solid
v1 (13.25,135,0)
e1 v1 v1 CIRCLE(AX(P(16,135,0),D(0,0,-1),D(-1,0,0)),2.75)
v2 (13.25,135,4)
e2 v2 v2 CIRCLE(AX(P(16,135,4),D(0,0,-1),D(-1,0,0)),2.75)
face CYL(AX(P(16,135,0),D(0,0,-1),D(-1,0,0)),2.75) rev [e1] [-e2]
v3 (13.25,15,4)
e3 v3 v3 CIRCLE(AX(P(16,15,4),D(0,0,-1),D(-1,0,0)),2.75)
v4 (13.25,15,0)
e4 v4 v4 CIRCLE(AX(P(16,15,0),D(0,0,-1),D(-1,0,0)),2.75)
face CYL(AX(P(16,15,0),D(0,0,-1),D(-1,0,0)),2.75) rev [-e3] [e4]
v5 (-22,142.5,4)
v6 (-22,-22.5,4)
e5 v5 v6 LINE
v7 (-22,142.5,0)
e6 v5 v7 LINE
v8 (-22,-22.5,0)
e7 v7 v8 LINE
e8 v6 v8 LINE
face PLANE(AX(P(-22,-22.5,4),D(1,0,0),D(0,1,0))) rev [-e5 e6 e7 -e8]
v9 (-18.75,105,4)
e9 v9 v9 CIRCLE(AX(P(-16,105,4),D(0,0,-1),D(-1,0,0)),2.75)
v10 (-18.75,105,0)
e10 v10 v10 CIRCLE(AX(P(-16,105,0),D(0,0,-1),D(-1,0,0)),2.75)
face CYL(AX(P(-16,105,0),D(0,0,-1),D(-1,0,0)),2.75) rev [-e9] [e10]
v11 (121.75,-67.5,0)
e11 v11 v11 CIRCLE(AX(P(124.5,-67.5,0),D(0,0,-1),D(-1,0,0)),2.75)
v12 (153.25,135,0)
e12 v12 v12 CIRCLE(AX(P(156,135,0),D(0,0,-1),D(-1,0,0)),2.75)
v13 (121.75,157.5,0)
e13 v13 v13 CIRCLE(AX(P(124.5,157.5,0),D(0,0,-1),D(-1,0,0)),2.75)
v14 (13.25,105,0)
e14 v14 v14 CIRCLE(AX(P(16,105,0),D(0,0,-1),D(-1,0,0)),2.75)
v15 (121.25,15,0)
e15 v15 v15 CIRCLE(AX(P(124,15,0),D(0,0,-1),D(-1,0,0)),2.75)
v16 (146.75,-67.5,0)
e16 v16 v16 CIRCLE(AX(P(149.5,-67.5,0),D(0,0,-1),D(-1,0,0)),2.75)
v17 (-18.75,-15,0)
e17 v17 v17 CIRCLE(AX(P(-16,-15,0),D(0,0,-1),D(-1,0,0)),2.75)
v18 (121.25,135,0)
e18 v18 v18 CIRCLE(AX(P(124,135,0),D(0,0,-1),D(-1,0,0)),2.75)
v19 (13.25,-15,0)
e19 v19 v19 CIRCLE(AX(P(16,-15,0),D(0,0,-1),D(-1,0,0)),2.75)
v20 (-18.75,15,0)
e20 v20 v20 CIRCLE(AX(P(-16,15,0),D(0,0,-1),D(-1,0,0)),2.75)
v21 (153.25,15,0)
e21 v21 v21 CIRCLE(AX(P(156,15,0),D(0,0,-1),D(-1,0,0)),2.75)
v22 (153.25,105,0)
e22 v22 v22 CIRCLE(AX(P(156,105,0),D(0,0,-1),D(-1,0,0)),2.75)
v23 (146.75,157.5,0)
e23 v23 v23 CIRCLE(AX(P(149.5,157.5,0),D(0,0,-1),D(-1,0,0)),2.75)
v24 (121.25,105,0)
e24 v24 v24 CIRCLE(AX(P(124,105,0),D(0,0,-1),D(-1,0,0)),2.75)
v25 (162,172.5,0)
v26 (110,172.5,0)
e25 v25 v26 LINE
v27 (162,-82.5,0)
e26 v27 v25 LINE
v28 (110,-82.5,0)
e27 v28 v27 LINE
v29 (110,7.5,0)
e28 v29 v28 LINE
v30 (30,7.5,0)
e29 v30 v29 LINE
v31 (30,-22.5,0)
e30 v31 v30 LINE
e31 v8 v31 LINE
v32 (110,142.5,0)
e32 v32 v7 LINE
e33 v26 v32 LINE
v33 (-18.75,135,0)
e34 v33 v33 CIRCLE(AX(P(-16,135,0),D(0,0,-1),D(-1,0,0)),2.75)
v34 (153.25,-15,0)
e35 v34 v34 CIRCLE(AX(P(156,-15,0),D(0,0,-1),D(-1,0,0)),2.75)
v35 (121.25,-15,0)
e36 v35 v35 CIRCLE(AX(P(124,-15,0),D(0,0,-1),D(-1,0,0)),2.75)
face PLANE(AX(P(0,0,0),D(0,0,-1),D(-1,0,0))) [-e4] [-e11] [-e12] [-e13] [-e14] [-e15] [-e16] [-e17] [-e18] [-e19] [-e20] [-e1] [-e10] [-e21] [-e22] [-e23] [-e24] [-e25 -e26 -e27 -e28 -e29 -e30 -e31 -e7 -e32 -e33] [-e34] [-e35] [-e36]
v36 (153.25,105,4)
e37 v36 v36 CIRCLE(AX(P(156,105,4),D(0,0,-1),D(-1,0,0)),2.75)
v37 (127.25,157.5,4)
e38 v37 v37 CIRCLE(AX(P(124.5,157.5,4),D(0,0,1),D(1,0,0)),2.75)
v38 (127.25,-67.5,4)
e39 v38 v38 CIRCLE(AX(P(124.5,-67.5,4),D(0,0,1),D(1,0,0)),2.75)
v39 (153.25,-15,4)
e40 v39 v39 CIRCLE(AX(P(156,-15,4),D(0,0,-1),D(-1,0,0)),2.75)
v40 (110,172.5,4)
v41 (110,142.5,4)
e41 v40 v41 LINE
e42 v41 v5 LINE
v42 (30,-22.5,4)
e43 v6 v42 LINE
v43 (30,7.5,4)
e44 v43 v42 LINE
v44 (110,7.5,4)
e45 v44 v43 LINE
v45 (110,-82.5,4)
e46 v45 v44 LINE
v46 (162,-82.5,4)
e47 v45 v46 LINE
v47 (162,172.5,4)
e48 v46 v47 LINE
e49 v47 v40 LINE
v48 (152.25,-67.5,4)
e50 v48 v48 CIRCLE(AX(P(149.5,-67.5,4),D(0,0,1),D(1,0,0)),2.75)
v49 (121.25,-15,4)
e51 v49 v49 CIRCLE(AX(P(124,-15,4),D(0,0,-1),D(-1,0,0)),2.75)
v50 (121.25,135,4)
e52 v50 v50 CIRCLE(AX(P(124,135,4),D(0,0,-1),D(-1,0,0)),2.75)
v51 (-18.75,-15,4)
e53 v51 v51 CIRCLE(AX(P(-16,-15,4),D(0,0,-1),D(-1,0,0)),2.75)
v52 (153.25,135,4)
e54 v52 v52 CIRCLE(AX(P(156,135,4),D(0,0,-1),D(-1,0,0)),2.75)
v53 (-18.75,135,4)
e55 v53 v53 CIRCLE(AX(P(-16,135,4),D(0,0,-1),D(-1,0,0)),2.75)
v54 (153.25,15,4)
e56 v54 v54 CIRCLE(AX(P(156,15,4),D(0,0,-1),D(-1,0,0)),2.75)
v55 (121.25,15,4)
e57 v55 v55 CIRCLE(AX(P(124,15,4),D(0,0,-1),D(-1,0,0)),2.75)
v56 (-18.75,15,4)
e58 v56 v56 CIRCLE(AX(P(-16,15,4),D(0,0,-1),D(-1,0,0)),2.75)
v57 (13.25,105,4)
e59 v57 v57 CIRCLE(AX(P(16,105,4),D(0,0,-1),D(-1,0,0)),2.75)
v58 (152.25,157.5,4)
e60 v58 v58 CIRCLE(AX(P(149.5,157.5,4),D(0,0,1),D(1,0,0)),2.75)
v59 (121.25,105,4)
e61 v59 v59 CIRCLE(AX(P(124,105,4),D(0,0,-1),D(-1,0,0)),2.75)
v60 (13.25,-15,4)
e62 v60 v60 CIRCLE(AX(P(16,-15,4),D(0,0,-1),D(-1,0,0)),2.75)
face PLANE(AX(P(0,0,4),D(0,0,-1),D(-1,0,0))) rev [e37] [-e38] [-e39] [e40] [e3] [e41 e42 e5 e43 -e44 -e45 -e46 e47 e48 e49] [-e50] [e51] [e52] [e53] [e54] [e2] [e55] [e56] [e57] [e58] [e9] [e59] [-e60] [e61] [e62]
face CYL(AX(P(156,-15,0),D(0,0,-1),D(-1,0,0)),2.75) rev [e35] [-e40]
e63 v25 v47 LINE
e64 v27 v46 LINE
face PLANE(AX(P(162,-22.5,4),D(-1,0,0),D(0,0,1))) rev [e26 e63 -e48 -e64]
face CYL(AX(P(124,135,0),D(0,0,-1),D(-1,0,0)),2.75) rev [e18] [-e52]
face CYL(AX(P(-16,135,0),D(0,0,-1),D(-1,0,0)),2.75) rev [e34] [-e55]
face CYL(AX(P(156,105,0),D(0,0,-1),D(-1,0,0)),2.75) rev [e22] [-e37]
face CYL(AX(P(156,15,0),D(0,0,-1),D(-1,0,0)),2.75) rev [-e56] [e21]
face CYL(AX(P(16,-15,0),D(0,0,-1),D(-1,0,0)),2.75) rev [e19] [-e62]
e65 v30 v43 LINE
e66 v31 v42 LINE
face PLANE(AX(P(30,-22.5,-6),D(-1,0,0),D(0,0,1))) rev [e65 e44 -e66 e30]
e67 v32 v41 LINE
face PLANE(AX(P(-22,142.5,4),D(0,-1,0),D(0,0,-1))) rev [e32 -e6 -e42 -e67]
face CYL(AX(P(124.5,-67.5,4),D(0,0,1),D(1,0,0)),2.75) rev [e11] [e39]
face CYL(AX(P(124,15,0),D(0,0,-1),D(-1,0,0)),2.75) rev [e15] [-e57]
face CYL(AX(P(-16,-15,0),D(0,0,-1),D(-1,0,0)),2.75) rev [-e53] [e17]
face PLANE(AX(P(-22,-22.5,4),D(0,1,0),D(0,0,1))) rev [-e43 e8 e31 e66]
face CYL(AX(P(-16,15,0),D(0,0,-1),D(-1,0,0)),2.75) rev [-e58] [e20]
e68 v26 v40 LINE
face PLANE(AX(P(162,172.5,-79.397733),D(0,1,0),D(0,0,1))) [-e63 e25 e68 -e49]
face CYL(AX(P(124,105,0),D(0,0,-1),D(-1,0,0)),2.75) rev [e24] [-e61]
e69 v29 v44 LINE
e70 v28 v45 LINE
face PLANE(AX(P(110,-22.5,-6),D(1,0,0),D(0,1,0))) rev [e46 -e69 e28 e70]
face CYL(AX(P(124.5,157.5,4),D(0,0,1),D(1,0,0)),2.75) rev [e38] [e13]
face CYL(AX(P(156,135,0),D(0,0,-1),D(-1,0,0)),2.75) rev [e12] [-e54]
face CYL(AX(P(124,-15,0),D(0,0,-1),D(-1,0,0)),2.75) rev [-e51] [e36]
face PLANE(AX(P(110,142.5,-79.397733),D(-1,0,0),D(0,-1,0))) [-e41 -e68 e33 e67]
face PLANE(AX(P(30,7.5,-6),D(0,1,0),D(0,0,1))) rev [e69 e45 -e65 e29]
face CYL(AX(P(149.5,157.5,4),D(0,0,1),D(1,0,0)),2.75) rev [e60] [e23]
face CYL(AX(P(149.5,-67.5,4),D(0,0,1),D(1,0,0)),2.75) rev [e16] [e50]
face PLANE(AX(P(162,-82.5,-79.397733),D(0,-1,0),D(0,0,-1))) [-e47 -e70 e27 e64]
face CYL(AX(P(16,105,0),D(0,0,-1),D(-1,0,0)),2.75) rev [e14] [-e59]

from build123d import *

# Parameters (mm, degrees)
SKETCH1_W            = 184
SKETCH1_H            = 165
BOSS_EXTRUDE1_DEPTH  = 4
M5_CLEARANCE_HOLE1_D = 5.5
SKETCH4_W            = 80
SKETCH4_H            = 30
CUT_EXTRUDE1_DEPTH   = 10
SKETCH5_W            = 52
SKETCH5_H            = 60
SKETCH5_H_2          = 30
BOSS_EXTRUDE2_DEPTH  = 4
M5_CLEARANCE_HOLE2_D = 5.5


with BuildPart() as part:
    # Sketch1 → Boss-Extrude1 (new body)
    with BuildSketch(Plane.XY):
        with Locations((70, 60)):
            Rectangle(SKETCH1_W, SKETCH1_H)
    extrude(amount=BOSS_EXTRUDE1_DEPTH)

    # M5 Clearance Hole1 (through all)
    with Locations(Plane(origin=(0, 0, 0), x_dir=(-1, 0, 0), z_dir=(0, 0, -1))):
        with Locations((-16, -15), (-16, 15), (16, 15), (16, -15), (16, 105), (-16, 105), (-16, 135), (16, 135), (-124, 135), (-124, 105), (-156, 105), (-156, 135), (-156, 15), (-124, 15), (-124, -15), (-156, -15)):
            Hole(M5_CLEARANCE_HOLE1_D / 2)

    # Sketch4 → Cut-Extrude1 (cut)
    with BuildSketch(Plane.XY.offset(4)):
        with Locations((70, -7.5)):
            Rectangle(SKETCH4_W, SKETCH4_H)
    extrude(amount=-CUT_EXTRUDE1_DEPTH, mode=Mode.SUBTRACT)

    # Sketch5 → Boss-Extrude2 (add)
    with BuildSketch(Plane.XY.offset(4)):
        with Locations((136, -52.5)):
            Rectangle(SKETCH5_W, SKETCH5_H)
        with Locations((136, 157.5)):
            Rectangle(SKETCH5_W, SKETCH5_H_2)
    extrude(amount=-BOSS_EXTRUDE2_DEPTH)

    # M5 Clearance Hole2 (through all)
    with Locations(Plane.XY.offset(4)):
        with Locations((149.5, -67.5), (124.5, -67.5), (124.5, 157.5), (149.5, 157.5)):
            Hole(M5_CLEARANCE_HOLE2_D / 2)


solid = part.part
